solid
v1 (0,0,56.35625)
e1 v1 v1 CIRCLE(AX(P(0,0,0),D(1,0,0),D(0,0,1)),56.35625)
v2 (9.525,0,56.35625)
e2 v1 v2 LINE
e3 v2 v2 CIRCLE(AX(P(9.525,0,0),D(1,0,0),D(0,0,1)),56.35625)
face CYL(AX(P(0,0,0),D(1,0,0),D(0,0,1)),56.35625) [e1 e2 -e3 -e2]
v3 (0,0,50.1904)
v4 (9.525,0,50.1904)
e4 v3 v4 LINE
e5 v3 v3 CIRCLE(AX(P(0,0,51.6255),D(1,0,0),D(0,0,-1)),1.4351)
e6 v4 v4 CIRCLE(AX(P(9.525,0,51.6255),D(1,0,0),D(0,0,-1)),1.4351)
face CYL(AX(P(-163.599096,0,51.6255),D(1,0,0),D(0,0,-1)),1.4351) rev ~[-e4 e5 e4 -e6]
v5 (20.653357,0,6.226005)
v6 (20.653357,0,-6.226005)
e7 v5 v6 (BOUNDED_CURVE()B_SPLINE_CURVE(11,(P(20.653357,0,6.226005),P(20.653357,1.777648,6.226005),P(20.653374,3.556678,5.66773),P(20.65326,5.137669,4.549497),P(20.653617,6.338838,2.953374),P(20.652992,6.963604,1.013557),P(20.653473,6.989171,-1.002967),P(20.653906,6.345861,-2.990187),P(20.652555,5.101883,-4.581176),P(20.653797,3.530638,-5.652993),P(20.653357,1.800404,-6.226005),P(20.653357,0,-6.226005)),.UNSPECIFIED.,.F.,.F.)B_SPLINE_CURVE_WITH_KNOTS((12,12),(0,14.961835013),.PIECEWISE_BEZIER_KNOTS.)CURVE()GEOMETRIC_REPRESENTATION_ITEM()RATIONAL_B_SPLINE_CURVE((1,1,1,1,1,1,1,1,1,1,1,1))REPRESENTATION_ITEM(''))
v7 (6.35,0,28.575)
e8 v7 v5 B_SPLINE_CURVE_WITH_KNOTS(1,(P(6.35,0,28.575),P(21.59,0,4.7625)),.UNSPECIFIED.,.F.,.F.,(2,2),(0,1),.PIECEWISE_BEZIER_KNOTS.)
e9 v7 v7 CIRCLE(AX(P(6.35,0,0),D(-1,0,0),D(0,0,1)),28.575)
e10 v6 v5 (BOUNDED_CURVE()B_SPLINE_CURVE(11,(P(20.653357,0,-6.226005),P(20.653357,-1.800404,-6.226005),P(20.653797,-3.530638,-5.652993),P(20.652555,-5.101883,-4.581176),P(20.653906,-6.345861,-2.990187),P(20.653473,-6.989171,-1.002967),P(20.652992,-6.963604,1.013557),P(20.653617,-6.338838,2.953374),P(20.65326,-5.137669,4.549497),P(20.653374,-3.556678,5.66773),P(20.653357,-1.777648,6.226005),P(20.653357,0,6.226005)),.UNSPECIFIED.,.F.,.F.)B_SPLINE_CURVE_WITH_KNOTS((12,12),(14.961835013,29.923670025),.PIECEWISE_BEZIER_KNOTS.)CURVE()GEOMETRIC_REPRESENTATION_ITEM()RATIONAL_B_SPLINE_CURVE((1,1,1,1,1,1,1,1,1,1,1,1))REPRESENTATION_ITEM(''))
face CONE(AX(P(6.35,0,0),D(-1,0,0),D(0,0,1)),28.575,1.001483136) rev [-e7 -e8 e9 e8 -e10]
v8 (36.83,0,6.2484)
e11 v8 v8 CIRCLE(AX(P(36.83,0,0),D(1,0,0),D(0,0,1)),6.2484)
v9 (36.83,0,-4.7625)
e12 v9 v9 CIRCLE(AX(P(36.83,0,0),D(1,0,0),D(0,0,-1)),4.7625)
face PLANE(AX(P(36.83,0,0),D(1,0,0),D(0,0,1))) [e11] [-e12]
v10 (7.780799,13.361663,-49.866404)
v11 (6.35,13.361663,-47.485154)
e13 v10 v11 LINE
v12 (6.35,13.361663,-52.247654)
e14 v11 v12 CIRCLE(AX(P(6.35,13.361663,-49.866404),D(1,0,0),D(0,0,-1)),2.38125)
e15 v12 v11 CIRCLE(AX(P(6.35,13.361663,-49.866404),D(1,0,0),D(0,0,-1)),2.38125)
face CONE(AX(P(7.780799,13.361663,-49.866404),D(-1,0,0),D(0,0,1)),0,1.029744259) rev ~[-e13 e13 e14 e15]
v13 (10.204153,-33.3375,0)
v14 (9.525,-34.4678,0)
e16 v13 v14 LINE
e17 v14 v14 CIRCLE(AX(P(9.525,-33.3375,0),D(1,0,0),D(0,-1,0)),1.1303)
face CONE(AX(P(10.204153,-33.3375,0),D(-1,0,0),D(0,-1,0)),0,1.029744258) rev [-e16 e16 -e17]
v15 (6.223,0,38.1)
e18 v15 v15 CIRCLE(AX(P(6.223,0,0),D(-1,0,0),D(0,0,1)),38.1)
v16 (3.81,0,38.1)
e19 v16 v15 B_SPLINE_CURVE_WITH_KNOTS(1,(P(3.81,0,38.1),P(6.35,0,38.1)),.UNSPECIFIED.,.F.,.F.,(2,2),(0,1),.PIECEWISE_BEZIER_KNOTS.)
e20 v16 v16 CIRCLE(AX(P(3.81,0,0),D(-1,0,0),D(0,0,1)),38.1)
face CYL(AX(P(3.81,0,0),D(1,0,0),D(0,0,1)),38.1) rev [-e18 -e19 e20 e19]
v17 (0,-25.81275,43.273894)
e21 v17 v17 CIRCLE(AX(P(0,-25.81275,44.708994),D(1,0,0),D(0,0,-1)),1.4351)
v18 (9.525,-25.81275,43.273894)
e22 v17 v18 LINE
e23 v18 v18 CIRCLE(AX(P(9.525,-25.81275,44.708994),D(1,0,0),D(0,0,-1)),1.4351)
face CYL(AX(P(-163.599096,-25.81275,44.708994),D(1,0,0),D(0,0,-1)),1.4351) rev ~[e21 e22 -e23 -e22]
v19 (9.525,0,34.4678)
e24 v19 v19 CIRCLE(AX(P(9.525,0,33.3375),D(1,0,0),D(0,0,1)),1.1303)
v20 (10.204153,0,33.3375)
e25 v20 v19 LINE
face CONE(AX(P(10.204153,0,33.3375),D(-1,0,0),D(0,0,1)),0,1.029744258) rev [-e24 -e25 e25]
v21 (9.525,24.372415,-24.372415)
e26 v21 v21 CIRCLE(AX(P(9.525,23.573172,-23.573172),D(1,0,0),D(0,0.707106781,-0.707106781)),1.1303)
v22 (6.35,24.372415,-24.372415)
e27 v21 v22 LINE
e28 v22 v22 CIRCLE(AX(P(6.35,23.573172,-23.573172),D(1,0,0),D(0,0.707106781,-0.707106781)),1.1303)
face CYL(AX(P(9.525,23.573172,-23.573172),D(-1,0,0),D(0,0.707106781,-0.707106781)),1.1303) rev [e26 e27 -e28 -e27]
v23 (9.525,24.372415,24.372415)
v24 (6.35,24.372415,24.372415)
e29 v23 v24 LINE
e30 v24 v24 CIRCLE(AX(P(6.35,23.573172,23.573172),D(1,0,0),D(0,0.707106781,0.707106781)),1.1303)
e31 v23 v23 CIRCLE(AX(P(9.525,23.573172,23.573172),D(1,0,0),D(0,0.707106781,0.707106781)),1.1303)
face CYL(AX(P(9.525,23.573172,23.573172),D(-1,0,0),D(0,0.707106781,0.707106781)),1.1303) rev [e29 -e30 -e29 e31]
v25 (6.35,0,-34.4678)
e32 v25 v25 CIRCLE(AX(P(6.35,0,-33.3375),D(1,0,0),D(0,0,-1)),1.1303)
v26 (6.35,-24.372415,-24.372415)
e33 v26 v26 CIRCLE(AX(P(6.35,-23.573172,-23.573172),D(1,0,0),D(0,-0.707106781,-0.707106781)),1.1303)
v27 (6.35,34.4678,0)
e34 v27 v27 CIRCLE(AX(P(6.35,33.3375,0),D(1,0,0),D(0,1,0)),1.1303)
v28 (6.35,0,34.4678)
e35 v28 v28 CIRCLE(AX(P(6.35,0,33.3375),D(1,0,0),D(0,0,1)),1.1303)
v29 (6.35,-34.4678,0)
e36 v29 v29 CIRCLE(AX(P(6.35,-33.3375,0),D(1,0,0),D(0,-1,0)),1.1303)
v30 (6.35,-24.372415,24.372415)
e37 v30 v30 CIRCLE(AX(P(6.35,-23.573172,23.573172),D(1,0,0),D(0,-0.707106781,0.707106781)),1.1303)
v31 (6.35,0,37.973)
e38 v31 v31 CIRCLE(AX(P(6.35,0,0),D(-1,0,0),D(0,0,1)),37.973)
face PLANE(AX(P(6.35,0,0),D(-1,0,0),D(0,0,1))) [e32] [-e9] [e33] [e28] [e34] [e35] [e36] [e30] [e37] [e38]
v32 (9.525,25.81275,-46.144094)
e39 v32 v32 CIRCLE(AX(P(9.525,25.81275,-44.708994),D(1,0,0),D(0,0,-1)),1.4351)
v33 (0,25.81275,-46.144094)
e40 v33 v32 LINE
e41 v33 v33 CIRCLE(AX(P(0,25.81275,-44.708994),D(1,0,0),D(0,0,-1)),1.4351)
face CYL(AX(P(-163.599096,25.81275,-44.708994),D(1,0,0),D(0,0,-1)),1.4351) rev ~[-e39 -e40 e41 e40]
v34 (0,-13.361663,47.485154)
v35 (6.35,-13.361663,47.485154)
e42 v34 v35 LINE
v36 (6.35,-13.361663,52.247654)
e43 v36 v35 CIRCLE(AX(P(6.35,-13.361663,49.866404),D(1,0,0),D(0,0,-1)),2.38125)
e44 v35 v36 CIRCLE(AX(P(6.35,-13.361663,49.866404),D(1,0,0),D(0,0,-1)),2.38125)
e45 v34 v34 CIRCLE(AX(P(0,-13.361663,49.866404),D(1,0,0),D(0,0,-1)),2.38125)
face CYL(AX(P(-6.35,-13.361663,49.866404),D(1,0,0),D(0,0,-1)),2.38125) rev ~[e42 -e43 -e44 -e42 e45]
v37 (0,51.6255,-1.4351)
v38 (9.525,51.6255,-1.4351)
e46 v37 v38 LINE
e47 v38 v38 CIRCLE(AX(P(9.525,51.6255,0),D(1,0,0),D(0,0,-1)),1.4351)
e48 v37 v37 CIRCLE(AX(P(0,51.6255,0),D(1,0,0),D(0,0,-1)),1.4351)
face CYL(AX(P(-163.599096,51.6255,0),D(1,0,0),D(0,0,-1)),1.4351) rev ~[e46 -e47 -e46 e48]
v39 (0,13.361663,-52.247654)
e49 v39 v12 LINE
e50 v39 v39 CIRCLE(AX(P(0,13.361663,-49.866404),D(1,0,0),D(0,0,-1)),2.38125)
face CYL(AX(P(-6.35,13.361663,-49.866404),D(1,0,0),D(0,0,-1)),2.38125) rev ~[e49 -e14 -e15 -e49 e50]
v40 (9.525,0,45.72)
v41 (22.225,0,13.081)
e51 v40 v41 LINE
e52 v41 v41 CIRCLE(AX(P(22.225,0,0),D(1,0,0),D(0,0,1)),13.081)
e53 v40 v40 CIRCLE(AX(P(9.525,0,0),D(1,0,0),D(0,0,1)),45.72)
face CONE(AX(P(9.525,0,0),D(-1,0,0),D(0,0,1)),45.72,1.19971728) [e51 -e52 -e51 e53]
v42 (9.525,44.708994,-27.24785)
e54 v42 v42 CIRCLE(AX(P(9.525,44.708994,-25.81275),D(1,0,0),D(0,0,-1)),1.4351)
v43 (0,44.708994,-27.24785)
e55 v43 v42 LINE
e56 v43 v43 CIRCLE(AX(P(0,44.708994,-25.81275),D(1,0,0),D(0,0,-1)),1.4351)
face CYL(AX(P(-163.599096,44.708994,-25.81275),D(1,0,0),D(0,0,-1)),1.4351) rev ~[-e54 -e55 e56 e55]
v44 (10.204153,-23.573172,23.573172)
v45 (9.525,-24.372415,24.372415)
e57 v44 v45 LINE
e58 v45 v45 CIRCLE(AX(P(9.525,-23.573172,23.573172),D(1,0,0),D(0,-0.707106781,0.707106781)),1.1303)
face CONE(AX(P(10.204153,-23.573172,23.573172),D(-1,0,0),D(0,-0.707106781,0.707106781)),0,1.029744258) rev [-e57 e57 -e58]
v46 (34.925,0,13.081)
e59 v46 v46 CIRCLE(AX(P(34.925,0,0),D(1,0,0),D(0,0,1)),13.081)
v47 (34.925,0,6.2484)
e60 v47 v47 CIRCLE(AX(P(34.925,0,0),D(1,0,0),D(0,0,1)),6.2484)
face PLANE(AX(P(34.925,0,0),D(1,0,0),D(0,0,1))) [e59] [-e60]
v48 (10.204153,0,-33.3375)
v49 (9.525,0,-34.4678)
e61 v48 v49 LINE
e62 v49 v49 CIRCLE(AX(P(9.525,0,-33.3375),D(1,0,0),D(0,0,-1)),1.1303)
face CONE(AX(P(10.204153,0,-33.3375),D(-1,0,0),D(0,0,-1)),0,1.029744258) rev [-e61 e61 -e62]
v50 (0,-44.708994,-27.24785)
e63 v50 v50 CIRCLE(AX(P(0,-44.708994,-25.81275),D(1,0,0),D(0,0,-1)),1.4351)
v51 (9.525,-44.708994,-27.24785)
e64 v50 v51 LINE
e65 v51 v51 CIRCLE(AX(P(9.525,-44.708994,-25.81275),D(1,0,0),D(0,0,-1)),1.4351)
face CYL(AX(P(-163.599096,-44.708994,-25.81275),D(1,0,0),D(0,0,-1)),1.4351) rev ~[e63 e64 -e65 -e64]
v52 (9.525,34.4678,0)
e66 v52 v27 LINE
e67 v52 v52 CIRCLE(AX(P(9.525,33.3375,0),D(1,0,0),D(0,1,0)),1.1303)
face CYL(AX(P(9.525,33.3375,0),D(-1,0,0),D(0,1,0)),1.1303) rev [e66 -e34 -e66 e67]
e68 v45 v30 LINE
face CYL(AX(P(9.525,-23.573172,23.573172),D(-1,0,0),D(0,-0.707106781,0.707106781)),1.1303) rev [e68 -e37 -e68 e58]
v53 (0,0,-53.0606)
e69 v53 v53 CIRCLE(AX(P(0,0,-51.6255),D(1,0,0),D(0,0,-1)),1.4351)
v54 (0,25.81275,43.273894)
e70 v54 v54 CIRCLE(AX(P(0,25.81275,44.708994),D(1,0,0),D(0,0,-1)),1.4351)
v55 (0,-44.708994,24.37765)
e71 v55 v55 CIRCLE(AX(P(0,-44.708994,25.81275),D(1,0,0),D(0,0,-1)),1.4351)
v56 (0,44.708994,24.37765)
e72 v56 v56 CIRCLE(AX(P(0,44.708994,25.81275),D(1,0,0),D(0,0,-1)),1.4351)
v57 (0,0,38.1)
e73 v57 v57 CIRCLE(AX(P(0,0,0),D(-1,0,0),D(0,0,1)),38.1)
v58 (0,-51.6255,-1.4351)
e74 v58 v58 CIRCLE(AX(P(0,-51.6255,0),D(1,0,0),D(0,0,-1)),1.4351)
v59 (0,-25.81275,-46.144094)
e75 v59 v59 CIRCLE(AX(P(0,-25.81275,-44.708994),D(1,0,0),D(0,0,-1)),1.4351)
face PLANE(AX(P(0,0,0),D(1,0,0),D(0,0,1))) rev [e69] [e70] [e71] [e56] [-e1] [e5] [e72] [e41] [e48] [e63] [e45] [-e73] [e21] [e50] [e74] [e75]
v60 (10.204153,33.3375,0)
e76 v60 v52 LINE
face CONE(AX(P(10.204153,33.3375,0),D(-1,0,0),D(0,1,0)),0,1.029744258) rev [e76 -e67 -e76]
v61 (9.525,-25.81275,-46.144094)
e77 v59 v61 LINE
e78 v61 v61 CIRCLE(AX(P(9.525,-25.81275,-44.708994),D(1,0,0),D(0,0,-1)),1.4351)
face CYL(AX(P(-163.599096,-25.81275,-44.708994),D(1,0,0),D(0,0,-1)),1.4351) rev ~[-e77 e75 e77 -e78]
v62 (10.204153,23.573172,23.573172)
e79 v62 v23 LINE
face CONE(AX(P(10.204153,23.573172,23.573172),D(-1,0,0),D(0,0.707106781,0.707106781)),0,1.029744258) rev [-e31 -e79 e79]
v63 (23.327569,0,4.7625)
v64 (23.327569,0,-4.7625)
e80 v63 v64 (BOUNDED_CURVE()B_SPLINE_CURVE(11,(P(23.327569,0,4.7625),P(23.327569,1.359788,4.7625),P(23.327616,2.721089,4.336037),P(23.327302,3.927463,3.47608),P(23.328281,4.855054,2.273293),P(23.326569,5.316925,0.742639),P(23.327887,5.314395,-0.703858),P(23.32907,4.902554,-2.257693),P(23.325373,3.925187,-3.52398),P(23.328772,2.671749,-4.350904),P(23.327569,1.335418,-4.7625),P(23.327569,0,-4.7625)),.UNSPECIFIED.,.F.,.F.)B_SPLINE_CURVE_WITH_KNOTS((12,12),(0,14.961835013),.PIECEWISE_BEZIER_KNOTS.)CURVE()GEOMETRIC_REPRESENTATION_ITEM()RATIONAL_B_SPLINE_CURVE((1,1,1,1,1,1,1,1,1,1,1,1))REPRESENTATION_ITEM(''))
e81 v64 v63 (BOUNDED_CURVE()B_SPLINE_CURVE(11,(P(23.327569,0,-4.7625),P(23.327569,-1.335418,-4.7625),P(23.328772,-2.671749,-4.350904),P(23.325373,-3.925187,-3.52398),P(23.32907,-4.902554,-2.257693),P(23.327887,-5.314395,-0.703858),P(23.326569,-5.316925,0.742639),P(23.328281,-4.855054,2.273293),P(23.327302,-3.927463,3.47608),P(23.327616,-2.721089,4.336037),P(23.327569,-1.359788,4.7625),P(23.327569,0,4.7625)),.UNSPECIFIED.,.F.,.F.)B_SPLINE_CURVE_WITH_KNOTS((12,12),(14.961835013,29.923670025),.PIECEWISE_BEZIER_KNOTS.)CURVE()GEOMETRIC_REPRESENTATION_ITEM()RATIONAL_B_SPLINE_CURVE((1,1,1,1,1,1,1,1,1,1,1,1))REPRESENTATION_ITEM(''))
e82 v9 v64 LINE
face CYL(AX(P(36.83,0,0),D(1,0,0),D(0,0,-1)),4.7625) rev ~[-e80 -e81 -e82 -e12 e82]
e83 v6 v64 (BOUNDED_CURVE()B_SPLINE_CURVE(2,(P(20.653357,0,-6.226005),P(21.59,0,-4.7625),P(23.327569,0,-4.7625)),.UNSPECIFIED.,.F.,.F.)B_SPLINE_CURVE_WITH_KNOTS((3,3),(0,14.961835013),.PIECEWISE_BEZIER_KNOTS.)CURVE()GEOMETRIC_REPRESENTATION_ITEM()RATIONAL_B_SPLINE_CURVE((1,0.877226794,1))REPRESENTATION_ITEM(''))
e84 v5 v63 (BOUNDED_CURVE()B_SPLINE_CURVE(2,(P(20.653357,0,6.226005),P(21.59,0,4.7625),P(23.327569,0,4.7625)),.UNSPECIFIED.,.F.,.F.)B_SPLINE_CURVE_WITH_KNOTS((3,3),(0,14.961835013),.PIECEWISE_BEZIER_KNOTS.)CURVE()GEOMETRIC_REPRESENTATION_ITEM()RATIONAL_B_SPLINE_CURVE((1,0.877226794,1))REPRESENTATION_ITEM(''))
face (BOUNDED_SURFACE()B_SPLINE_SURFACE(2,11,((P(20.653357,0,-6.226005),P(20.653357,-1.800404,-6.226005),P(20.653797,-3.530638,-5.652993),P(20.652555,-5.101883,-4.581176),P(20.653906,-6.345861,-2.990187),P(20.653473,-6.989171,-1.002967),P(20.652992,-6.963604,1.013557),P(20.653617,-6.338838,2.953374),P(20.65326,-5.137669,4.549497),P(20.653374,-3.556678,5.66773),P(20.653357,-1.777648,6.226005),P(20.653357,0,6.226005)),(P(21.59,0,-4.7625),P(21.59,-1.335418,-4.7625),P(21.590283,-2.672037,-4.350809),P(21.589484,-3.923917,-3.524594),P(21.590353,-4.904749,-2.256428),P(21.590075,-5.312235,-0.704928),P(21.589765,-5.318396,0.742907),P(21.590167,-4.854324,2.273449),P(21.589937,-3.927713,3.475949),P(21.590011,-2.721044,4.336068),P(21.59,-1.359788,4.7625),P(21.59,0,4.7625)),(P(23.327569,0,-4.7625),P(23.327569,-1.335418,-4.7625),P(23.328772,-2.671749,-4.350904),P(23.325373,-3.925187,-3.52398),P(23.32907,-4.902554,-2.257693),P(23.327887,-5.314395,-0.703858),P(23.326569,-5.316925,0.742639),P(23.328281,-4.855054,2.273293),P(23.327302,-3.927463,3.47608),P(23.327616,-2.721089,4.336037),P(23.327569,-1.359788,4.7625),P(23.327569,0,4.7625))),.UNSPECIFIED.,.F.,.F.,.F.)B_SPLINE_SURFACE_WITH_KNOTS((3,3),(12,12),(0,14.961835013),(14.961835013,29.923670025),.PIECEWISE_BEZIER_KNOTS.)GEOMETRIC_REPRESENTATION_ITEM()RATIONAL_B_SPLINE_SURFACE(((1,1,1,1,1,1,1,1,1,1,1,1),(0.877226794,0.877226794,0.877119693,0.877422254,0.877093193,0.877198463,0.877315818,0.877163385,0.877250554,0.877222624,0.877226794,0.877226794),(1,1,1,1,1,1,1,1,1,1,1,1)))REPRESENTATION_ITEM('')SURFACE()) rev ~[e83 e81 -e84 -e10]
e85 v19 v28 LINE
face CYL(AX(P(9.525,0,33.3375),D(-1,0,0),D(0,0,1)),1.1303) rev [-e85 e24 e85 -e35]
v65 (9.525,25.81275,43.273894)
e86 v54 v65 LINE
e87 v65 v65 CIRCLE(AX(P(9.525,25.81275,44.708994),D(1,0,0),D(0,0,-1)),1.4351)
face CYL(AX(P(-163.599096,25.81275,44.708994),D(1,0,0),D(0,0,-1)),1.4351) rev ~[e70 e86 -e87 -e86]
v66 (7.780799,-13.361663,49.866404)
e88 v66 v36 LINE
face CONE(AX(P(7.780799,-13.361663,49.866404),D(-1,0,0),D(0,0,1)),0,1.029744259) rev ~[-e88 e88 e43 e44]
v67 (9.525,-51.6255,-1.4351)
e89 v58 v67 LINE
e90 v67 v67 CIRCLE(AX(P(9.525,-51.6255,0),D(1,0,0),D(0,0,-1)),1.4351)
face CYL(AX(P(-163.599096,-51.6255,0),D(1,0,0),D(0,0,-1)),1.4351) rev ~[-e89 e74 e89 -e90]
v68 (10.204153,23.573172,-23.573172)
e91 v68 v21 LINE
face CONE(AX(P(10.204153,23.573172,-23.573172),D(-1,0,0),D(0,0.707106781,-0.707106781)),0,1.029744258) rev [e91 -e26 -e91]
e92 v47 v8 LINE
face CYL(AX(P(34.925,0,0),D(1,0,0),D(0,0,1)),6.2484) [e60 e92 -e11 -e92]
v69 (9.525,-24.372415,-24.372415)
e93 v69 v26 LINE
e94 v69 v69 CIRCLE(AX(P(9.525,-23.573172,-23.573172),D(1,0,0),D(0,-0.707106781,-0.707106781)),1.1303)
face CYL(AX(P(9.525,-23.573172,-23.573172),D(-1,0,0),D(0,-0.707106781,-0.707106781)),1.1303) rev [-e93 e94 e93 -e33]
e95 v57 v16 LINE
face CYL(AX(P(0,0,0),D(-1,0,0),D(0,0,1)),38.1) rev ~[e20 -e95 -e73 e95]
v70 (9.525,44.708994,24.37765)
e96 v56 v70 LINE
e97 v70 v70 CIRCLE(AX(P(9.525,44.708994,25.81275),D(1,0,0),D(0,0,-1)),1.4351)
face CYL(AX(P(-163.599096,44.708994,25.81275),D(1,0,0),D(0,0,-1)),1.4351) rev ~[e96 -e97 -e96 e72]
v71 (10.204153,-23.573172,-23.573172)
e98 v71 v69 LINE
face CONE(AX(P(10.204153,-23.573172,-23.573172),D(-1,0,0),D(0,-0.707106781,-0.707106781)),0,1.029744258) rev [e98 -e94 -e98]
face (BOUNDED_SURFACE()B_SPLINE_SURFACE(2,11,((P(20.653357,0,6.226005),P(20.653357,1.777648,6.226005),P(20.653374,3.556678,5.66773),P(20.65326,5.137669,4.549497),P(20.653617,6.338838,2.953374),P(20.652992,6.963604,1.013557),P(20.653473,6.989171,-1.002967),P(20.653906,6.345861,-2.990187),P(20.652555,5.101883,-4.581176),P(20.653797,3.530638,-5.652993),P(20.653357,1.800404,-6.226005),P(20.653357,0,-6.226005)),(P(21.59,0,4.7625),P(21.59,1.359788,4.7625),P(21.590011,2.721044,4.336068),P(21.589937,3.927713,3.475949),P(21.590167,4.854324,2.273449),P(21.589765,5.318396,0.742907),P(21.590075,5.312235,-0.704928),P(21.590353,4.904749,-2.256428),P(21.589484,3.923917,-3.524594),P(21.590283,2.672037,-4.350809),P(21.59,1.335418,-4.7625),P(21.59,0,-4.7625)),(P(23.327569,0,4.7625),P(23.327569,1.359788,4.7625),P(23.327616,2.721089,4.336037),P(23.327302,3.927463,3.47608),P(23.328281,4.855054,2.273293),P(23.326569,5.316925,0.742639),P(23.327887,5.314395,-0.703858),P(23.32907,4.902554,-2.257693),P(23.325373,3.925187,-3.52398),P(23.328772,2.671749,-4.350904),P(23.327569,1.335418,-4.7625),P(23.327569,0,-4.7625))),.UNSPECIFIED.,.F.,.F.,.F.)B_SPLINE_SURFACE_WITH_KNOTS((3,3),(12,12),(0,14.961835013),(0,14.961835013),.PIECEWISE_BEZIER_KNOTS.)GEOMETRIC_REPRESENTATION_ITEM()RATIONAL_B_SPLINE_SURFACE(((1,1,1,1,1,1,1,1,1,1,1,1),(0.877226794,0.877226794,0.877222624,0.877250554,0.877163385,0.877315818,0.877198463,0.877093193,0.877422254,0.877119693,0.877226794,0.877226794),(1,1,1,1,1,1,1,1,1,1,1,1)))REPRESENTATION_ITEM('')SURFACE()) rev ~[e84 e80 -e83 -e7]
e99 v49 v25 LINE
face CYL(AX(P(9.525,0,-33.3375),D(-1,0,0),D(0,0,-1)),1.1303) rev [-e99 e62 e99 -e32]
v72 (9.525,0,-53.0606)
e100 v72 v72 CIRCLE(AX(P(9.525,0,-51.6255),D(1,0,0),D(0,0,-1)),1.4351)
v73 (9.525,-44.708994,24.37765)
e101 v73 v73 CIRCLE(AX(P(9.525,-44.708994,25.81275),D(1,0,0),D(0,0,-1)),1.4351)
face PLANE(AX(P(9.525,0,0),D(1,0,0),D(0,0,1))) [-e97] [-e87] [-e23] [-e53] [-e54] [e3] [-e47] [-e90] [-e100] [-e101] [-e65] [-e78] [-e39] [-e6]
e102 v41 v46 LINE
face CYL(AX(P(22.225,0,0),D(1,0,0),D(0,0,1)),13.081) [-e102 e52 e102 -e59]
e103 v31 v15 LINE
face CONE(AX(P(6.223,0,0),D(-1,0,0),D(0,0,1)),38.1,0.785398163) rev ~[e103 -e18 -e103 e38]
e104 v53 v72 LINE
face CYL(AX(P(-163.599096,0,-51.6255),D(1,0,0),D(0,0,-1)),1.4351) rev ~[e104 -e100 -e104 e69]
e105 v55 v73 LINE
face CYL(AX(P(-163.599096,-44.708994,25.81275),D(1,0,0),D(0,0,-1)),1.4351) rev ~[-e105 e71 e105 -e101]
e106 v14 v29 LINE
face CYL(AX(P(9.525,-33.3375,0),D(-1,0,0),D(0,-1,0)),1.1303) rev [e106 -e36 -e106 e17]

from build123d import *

# Parameters (mm, degrees)
SKETCH3_R                       = 4.7625
OXIDIZER_INLET_HOLE_DEPTH       = 88.798079296
FLANGE_HOLES_D                  = 2.8702
DOWEL_HOLES_D                   = 4.7625
DOWEL_HOLES_DEPTH               = 6.35
DOWEL_HOLES_TIP                 = 1.430799349
SKETCH12_R                      = 38.1
IMPINGING_PLATE_FLAT_CUT_DEPTH  = 3.81
SKETCH14_R                      = 38.1
SKETCH15_R                      = 38.1
SKETCH16_R                      = 28.575
SKETCH17_R                      = 4.7625
INTERNAL_FILLET_R               = 3.175
EXTENDED_8_BC_COUNT             = 8
CHAMFER_FOR_IMPINGING_EDGE_SIZE = 0.127


with BuildPart() as part:
    # Sketch2 → Main Structure (revolve)
    with BuildSketch(Plane.XY, mode=Mode.PRIVATE) as main_structure_sk:
        Polygon((0, 0), (0, 56.35625), (9.525, 56.35625), (9.525, 45.72), (22.225, 13.081), (34.925, 13.081), (34.925, 6.2484), (36.83, 6.2484), (36.83, 0), align=None)
    revolve(main_structure_sk.sketch.rotate(Axis((0, 0, 0), (1, 0, 0)), 90), axis=Axis((0, 0, 0), (1, 0, 0)))

    # Sketch3 → Oxidizer Inlet Hole (cut, through all)
    with BuildSketch(Plane(origin=(36.83, 0, 0), x_dir=(0, 0, -1), z_dir=(1, 0, 0))):
        Circle(SKETCH3_R)
    extrude(amount=-OXIDIZER_INLET_HOLE_DEPTH, mode=Mode.SUBTRACT)

    # Flange Holes (through all)
    with Locations(Plane.ZY):
        with Locations((0, -51.6255), (-25.81275, -44.708994483), (-44.708994483, -25.81275), (-51.6255, 0), (-44.708994483, 25.81275), (-25.81275, 44.708994483), (0, 51.6255), (25.81275, 44.708994483), (44.708994483, 25.81275), (51.6255, 0), (44.708994483, -25.81275), (25.81275, -44.708994483)):
            Hole(FLANGE_HOLES_D / 2)

    # Dowel Holes
    with Locations(Plane.ZY):
        with Locations((49.866403745, -13.361662613), (-49.866403745, 13.361662613)):
            Hole(DOWEL_HOLES_D / 2, depth=DOWEL_HOLES_DEPTH)
            with Locations((0, 0, -(DOWEL_HOLES_DEPTH + DOWEL_HOLES_TIP / 2))):  # 118° drill point
                Cone(0, DOWEL_HOLES_D / 2, DOWEL_HOLES_TIP, mode=Mode.SUBTRACT)

    # Sketch12 → Impinging Plate Flat Cut (cut)
    with BuildSketch(Plane.ZY):
        Circle(SKETCH12_R)
    extrude(amount=-IMPINGING_PLATE_FLAT_CUT_DEPTH, mode=Mode.SUBTRACT)

    # Sketch14 → Impinging Plate Taper Cut section 0
    with BuildSketch(Plane.ZY.offset(-3.81)):
        Circle(SKETCH14_R)
    # Sketch15 → Impinging Plate Taper Cut section 1
    with BuildSketch(Plane.ZY.offset(-6.35)):
        Circle(SKETCH15_R)
    loft(mode=Mode.SUBTRACT)

    # Sketch16 → Internal Flow Path Loft Cut section 0
    with BuildSketch(Plane.ZY.offset(-6.35)):
        Circle(SKETCH16_R)
    # Sketch17 → Internal Flow Path Loft Cut section 1
    with BuildSketch(Plane.ZY.offset(-21.59)):
        Circle(SKETCH17_R)
    loft(mode=Mode.SUBTRACT)

    # Internal Fillet
    internal_fillet_edges = [part.edges().sort_by_distance(p)[0] for p in [
        (21.59, 4.7625, 0),
    ]]
    fillet(internal_fillet_edges, radius=INTERNAL_FILLET_R)

    # Sketch20 → 4-40 Tapped Holes (revolve, cut)
    with BuildSketch(Plane(origin=(6.35, 0, 33.3375), x_dir=(0, 0, 1), z_dir=(0, 1, 0))):
        Polygon((0, 0), (0, 3.854152758), (1.1303, 3.175), (1.1303, 0), align=None)
    f_4_40_tapped_holes = revolve(axis=Axis((0, 0, 33.3375), (1, 0, 0)), mode=Mode.SUBTRACT)

    # Extended 8 BC: 4-40 Tapped Holes ×8 about axis
    extended_8_bc_axis = Axis((0, 0, 0), (1, 0, 0))
    for i in range(1, EXTENDED_8_BC_COUNT):
        add(f_4_40_tapped_holes.rotate(extended_8_bc_axis, i * 360 / EXTENDED_8_BC_COUNT), mode=Mode.SUBTRACT)

    # Chamfer for Impinging Edge
    chamfer_for_impinging_edge_edges = [part.edges().sort_by_distance(p)[0] for p in [
        (6.35, 0, -38.1),
    ]]
    chamfer(chamfer_for_impinging_edge_edges, length=CHAMFER_FOR_IMPINGING_EDGE_SIZE)


solid = part.part
